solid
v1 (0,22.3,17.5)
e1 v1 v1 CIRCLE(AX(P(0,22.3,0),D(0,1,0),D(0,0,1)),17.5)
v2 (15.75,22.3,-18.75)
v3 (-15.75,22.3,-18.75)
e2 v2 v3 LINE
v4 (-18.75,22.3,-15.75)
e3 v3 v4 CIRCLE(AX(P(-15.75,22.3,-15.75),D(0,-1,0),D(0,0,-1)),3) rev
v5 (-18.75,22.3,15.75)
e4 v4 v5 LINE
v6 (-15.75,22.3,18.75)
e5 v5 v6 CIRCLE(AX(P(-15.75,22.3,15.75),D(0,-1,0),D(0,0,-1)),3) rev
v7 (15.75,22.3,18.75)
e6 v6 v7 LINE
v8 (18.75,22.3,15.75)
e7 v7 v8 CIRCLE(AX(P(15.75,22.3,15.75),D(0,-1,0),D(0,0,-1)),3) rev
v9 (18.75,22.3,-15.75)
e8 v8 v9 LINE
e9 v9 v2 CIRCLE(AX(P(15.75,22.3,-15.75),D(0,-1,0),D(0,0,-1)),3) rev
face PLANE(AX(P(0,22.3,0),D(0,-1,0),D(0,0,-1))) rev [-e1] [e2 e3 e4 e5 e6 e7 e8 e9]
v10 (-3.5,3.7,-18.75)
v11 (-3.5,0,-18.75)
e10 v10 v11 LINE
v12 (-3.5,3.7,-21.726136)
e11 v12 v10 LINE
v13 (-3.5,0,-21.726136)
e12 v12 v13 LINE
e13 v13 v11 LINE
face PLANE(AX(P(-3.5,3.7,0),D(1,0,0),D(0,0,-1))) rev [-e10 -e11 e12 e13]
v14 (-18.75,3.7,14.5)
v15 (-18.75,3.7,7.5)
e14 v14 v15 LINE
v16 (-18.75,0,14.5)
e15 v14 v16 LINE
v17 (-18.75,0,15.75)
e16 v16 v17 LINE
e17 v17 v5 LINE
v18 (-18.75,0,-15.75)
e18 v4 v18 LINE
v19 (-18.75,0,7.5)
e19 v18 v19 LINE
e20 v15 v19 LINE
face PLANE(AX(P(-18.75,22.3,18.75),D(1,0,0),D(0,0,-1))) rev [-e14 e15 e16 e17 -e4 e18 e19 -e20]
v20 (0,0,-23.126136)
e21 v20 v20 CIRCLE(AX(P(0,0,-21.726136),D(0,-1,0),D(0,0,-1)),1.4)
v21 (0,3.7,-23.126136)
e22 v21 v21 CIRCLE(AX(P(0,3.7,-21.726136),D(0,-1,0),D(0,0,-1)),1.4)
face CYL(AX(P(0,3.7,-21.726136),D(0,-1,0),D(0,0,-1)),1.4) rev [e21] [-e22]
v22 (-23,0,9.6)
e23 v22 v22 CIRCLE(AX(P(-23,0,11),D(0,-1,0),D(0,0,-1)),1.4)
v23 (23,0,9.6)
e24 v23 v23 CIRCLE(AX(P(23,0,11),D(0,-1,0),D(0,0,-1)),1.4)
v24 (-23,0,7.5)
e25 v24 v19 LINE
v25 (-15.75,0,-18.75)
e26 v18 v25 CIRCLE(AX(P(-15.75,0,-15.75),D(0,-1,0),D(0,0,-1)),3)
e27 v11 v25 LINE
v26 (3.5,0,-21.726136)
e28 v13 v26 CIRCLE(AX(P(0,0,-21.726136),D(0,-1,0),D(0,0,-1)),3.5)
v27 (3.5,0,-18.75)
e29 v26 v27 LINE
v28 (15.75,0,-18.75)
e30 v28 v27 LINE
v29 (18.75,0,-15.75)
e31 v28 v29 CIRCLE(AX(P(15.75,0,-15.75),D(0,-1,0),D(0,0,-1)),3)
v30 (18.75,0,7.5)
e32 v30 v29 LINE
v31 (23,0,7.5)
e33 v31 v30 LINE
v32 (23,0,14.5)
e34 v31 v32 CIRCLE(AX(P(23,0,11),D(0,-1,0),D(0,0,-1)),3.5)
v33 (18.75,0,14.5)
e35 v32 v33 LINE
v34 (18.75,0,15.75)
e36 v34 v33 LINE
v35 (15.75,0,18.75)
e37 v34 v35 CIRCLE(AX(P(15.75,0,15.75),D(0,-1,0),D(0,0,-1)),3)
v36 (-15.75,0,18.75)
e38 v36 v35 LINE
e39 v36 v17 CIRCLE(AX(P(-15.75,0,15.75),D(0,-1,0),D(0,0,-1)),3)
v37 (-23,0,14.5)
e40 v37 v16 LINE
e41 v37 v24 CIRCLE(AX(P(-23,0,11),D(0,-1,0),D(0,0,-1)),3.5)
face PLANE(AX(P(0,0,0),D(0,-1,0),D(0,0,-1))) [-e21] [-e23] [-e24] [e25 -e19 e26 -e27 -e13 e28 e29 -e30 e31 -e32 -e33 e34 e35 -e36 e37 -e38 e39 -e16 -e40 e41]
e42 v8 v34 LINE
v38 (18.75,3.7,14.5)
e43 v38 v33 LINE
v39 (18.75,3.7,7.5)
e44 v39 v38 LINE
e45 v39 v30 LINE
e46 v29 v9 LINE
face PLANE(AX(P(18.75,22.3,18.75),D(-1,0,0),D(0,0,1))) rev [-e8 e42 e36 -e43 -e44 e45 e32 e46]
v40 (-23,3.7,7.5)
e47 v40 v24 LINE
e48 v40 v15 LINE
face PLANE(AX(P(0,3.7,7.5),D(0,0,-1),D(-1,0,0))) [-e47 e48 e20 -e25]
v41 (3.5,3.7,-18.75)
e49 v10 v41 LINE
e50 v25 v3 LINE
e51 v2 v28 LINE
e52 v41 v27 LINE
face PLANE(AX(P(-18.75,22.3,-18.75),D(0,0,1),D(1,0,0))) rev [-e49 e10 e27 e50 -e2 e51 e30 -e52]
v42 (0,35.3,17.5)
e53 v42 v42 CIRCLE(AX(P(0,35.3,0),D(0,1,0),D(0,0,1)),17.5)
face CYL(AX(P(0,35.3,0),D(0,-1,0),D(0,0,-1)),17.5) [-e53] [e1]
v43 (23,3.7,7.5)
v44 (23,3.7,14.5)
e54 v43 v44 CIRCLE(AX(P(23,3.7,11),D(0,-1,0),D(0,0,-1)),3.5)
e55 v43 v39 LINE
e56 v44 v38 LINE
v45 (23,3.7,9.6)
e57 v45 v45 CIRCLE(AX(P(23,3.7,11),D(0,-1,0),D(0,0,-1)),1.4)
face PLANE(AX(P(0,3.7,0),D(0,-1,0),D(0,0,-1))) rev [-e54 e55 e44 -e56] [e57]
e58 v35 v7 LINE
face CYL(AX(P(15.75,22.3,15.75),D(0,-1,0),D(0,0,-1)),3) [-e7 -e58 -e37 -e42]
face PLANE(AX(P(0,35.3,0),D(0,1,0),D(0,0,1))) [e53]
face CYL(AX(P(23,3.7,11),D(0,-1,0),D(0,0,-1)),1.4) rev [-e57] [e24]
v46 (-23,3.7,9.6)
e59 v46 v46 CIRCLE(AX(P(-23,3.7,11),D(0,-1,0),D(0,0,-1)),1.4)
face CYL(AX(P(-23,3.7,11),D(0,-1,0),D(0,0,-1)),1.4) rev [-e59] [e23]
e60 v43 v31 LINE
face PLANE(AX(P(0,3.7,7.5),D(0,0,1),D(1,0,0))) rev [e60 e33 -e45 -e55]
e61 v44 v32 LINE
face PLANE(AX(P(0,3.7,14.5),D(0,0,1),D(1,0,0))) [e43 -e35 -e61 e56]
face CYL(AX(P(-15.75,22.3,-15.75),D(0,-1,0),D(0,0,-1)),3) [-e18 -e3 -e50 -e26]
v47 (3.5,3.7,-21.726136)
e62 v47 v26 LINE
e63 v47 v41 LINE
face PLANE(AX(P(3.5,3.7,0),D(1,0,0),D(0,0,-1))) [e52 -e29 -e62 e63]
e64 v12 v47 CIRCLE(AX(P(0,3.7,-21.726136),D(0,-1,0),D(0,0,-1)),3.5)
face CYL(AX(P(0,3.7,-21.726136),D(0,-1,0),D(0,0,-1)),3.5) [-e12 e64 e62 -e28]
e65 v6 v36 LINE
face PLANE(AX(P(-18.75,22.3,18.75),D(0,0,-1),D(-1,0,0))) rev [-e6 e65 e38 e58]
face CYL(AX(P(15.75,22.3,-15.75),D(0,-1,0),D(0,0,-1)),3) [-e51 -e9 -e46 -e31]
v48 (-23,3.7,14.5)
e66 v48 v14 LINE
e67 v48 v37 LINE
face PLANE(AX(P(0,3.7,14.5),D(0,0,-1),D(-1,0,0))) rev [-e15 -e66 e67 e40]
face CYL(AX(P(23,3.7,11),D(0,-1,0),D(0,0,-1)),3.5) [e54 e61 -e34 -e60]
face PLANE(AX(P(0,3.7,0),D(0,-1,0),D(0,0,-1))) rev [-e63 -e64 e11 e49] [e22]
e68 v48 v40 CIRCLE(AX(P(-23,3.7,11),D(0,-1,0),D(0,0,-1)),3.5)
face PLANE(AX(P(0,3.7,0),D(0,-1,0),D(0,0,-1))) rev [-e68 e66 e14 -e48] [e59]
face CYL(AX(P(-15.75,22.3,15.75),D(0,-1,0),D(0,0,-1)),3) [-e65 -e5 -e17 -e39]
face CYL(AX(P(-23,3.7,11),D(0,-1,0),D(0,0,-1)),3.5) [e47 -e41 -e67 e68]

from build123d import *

# Parameters (mm, degrees)
ESQUISSE1_W        = 37.5
ESQUISSE1_H        = 37.5
BOSS_EXTRU_1_DEPTH = 22.3
CONG_1_R           = 3
ESQUISSE2_R        = 17.5
BOSS_EXTRU_2_DEPTH = 13
ESQUISSE3_R        = 1.4
BOSS_EXTRU_3_DEPTH = 3.7


with BuildPart() as part:
    # Esquisse1 → Boss.-Extru.1 (new body)
    with BuildSketch(Plane(origin=(0, 0, 0), x_dir=(1, 0, 0), z_dir=(0, 1, 0))):
        Rectangle(ESQUISSE1_W, ESQUISSE1_H)
    extrude(amount=BOSS_EXTRU_1_DEPTH)

    # Congé1
    cong_1_edges = [part.edges().sort_by_distance(p)[0] for p in [
        (18.75, 11.15, 18.75),
        (-18.75, 11.15, 18.75),
        (-18.75, 11.15, -18.75),
        (18.75, 11.15, -18.75),
    ]]
    fillet(cong_1_edges, radius=CONG_1_R)

    # Esquisse2 → Boss.-Extru.2 (add)
    with BuildSketch(Plane(origin=(0, 22.3, 0), x_dir=(1, 0, 0), z_dir=(0, 1, 0))):
        Circle(ESQUISSE2_R)
    extrude(amount=BOSS_EXTRU_2_DEPTH)

    # Esquisse3 → Boss.-Extru.3 (add)
    with BuildSketch(Plane.XZ):
        with BuildLine():
            Line((-18.75, 14.5), (-23, 14.5))
            ThreePointArc((-23, 14.5), (-26.5, 11), (-23, 7.5))
            Line((-23, 7.5), (-18.75, 7.5))
            Line((-18.75, 7.5), (-18.75, 14.5))
        make_face()
        with Locations((-23, 11)):
            Circle(ESQUISSE3_R, mode=Mode.SUBTRACT)
        with BuildLine():
            Line((18.75, 7.5), (23, 7.5))
            ThreePointArc((23, 7.5), (26.5, 11), (23, 14.5))
            Line((23, 14.5), (18.75, 14.5))
            Line((18.75, 14.5), (18.75, 7.5))
        make_face()
        with Locations((23, 11)):
            Circle(ESQUISSE3_R, mode=Mode.SUBTRACT)
        with BuildLine():
            ThreePointArc((-3.5, -21.726136344), (0, -25.226136344), (3.5, -21.726136344))
            Line((3.5, -21.726136344), (3.5, -18.75))
            Line((3.5, -18.75), (-3.5, -18.75))
            Line((-3.5, -18.75), (-3.5, -21.726136344))
        make_face()
        with Locations((0, -21.726136344)):
            Circle(ESQUISSE3_R, mode=Mode.SUBTRACT)
    extrude(amount=-BOSS_EXTRU_3_DEPTH)


solid = part.part
